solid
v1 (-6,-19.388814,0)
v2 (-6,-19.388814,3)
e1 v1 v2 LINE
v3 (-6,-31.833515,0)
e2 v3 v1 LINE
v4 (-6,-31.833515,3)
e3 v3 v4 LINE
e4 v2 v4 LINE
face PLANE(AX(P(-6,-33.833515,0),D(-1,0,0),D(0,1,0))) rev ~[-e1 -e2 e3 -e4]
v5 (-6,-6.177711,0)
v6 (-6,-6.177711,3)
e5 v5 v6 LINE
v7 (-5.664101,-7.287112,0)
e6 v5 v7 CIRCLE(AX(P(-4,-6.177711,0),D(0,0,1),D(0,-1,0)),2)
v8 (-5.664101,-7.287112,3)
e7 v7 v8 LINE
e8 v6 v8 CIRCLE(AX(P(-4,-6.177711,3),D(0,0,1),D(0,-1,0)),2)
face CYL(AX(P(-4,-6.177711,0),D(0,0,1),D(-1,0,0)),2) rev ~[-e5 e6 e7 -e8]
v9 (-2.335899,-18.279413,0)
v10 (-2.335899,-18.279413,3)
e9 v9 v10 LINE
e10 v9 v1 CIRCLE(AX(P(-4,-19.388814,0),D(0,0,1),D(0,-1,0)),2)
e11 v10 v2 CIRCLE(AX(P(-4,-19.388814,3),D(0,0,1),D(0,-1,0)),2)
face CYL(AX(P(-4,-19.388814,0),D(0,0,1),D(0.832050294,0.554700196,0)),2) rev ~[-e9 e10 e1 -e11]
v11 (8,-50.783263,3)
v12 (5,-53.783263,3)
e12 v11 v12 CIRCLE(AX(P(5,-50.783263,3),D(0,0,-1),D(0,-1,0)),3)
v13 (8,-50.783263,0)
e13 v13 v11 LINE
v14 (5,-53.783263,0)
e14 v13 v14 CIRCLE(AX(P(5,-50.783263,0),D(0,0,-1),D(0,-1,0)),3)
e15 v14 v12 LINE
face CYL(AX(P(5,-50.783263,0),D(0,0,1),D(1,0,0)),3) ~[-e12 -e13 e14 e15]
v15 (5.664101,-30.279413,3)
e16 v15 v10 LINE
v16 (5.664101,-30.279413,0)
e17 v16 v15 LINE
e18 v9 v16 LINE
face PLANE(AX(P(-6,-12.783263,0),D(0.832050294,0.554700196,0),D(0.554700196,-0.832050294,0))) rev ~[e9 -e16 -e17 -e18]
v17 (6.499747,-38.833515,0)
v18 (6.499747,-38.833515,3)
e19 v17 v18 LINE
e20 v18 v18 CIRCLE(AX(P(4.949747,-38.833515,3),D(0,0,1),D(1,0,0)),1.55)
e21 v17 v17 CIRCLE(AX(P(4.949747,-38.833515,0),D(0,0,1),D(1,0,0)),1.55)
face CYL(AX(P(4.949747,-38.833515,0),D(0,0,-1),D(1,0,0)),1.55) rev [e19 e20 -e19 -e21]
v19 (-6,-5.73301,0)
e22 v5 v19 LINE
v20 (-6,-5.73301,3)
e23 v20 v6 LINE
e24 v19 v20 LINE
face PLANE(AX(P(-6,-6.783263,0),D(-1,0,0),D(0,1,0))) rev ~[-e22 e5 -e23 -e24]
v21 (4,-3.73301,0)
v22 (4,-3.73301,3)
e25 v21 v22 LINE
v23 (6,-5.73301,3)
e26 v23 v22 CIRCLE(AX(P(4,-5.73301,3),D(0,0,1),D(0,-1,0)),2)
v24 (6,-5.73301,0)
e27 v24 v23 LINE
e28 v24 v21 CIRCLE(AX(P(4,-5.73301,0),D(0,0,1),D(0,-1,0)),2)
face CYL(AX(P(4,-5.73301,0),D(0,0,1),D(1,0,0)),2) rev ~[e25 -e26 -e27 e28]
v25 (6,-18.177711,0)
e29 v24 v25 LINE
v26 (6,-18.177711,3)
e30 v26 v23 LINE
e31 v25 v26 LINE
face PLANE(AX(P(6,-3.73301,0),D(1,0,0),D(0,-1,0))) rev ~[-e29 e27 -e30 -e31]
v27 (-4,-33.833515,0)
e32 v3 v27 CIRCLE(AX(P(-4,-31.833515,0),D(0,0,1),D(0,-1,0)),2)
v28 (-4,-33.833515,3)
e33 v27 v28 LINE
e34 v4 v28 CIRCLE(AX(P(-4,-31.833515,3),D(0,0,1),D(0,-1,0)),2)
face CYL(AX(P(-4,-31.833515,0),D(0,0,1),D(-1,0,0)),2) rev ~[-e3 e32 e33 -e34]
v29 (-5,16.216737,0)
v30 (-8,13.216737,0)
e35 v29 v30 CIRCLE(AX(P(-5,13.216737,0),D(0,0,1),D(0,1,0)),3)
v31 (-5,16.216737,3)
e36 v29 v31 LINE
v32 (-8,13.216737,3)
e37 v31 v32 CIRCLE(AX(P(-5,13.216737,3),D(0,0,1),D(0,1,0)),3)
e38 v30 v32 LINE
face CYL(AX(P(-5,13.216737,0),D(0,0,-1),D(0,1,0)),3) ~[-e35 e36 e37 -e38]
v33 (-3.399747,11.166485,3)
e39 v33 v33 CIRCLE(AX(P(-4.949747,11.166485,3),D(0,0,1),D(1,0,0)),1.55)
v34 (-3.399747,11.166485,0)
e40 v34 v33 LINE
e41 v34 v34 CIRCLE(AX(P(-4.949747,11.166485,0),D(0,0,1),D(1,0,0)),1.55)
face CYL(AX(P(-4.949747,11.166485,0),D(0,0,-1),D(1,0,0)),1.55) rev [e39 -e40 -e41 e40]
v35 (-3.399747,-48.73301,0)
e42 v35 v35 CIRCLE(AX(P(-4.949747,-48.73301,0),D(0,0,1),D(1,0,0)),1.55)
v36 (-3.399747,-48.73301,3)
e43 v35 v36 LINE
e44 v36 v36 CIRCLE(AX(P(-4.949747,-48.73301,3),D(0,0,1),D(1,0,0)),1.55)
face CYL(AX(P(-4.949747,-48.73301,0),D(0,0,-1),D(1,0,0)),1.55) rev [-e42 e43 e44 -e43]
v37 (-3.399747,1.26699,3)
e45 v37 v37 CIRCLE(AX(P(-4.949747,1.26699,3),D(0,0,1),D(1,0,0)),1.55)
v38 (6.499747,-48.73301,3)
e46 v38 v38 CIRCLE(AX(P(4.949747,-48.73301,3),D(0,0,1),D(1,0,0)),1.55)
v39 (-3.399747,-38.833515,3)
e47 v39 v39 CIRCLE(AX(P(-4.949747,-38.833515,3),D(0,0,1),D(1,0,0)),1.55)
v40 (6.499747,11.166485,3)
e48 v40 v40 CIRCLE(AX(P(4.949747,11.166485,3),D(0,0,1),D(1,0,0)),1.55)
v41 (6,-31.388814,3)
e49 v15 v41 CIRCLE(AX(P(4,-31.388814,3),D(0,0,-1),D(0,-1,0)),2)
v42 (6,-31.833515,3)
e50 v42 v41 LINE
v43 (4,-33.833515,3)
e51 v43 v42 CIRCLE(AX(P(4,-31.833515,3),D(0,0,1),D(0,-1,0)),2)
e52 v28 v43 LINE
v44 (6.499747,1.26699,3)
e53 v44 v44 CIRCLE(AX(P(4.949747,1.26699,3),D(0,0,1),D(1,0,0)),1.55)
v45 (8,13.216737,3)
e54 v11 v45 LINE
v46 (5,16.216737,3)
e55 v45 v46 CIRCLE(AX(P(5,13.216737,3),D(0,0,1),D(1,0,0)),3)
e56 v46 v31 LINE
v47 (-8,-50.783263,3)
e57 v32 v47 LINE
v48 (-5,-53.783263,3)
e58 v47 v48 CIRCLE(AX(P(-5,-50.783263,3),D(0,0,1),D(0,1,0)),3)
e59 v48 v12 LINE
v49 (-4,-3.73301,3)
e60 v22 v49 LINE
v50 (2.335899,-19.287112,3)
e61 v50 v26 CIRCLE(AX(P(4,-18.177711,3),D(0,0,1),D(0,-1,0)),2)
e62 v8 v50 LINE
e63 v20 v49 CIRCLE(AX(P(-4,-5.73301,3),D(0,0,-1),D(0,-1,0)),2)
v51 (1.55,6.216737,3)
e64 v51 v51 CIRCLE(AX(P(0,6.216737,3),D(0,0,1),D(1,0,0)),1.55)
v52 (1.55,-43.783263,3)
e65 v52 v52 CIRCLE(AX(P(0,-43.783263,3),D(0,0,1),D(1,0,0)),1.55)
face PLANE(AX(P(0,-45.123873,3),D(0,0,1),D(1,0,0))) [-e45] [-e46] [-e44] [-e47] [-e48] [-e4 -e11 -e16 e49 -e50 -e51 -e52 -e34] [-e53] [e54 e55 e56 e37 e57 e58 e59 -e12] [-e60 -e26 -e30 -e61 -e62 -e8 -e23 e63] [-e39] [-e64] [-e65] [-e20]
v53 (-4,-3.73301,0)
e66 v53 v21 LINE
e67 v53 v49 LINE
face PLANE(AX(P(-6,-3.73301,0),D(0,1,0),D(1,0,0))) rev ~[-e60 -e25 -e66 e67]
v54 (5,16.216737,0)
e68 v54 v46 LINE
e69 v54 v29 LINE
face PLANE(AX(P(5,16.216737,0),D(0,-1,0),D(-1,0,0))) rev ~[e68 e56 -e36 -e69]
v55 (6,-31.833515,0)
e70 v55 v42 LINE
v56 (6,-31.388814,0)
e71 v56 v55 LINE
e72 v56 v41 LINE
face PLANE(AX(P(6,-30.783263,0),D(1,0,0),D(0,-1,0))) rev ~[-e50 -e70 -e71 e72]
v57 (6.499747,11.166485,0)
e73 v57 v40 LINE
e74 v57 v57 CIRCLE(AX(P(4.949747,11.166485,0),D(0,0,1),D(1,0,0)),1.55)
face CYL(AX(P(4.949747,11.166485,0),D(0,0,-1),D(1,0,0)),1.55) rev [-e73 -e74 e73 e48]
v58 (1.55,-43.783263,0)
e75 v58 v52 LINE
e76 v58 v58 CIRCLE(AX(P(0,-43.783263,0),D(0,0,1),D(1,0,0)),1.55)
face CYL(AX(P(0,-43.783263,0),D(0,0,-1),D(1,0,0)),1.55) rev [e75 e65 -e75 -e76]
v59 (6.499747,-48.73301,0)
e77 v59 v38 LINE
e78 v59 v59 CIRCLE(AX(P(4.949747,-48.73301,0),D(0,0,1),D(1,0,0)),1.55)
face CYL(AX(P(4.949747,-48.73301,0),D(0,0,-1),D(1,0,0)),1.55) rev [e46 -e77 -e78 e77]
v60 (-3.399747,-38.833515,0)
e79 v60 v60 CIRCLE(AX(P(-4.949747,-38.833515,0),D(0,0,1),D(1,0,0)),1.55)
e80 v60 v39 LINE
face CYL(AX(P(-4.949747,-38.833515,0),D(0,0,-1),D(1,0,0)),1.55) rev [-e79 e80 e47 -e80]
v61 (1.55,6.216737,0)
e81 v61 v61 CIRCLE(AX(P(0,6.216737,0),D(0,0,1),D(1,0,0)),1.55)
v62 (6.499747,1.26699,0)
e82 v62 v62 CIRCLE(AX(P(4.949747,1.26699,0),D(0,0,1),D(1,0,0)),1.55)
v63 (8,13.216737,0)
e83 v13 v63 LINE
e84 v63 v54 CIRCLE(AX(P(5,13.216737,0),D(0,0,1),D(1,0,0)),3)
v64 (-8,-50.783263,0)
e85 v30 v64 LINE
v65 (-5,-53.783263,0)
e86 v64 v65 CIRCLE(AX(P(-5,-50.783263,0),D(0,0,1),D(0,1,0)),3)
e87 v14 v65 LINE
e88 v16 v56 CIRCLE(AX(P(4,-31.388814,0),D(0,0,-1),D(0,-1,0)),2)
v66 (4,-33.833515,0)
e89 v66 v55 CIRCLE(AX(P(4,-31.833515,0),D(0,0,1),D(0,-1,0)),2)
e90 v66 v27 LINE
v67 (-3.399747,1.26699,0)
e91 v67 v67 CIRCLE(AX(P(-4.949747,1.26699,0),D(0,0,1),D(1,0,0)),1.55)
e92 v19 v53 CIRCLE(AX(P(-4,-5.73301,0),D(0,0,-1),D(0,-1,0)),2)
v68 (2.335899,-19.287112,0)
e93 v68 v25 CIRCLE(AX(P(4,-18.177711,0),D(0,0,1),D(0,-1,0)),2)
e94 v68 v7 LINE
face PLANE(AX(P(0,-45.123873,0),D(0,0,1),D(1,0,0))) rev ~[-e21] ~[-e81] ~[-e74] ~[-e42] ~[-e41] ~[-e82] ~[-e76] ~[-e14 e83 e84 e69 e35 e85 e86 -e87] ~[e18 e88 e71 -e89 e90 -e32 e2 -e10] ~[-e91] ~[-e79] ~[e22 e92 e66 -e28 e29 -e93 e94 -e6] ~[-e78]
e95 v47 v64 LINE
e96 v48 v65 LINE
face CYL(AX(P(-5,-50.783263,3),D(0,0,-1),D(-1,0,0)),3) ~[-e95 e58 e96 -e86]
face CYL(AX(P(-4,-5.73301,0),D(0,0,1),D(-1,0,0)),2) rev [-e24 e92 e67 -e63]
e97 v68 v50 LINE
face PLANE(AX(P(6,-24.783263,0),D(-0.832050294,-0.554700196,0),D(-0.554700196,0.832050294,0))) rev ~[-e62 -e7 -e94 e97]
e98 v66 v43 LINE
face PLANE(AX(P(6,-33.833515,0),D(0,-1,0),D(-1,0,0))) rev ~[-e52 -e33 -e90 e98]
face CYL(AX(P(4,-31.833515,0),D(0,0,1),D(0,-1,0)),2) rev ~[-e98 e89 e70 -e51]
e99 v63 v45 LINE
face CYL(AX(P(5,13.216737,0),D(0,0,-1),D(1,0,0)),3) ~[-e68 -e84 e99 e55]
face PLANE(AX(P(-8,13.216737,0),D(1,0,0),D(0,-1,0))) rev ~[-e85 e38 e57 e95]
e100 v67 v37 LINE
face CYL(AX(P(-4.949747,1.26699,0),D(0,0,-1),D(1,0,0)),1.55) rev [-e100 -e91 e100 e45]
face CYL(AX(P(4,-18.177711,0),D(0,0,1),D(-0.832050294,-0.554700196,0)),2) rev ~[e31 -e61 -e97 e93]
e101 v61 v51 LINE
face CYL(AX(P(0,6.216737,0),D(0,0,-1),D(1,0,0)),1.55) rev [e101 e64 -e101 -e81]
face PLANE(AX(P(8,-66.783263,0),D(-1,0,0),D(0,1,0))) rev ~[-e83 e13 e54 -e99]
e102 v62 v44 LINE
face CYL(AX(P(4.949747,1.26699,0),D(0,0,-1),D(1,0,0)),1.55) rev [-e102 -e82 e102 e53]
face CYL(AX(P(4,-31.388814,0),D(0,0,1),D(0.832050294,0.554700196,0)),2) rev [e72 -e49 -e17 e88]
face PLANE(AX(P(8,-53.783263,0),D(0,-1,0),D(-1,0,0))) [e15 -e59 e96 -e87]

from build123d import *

# Parameters (mm, degrees)
SKETCH_1_R          = 1.55
EXTRUDE_1_DEPTH     = 3
SKETCH_2_W          = 30.67898901
SKETCH_2_H          = 20.291672983
CUT_EXTRUDE_1_DEPTH = 10
SKETCH_3_R          = 1
CUT_EXTRUDE_2_DEPTH = 20
SKETCH_4_W          = 23.960943262
SKETCH_4_H          = 52.328724607
CUT_EXTRUDE_3_DEPTH = 10
FILLET_1_R          = 3
CUT_EXTRUDE_4_DEPTH = 55.457683839
FILLET_2_R          = 2


with BuildPart() as part:
    # 草图1 → 凸台-拉伸1 (new body)
    with BuildSketch(Plane.XY):
        with BuildLine():
            Line((5, 16.216737463), (-5, 16.216737463))
            ThreePointArc((-5, 16.216737463), (-7.121320344, 15.338057806), (-8, 13.216737463))
            Line((-8, 13.216737463), (-8, -66.783262537))
            Line((-8, -66.783262537), (-4, -108.783262537))
            Line((-4, -108.783262537), (4, -108.783262537))
            Line((4, -108.783262537), (8, -66.783262537))
            Line((8, -66.783262537), (8, 13.216737463))
            ThreePointArc((8, 13.216737463), (7.121320344, 15.338057806), (5, 16.216737463))
        make_face()
        with Locations((-4.949747468, 11.166484931)):
            Circle(SKETCH_1_R, mode=Mode.SUBTRACT)
        with Locations((4.949747468, 11.166484931)):
            Circle(SKETCH_1_R, mode=Mode.SUBTRACT)
        with Locations((4.949747468, 1.266989995)):
            Circle(SKETCH_1_R, mode=Mode.SUBTRACT)
        with Locations((-4.949747468, 1.266989995)):
            Circle(SKETCH_1_R, mode=Mode.SUBTRACT)
        with Locations((0, -43.783262537)):
            Circle(SKETCH_1_R, mode=Mode.SUBTRACT)
        with Locations((4.949747468, -38.833515069)):
            Circle(SKETCH_1_R, mode=Mode.SUBTRACT)
        with Locations((-4.949747468, -38.833515069)):
            Circle(SKETCH_1_R, mode=Mode.SUBTRACT)
        with Locations((4.949747468, -48.733010005)):
            Circle(SKETCH_1_R, mode=Mode.SUBTRACT)
        with Locations((-4.949747468, -48.733010005)):
            Circle(SKETCH_1_R, mode=Mode.SUBTRACT)
        with Locations((0, 6.216737463)):
            Circle(SKETCH_1_R, mode=Mode.SUBTRACT)
    extrude(amount=EXTRUDE_1_DEPTH)

    # 草图2 → 切除-拉伸1 (cut)
    with BuildSketch(Plane(origin=(0, 0, 0), x_dir=(-1, 0, 0), z_dir=(0, 0, -1))):
        with Locations((1.230440634, -108.929099029)):
            Rectangle(SKETCH_2_W, SKETCH_2_H)
    extrude(amount=-CUT_EXTRUDE_1_DEPTH, mode=Mode.SUBTRACT)

    # 草图3 → 切除-拉伸2 (cut)
    with BuildSketch(Plane(origin=(0, 0, 0), x_dir=(-1, 0, 0), z_dir=(0, 0, -1))):
        with Locations((0, -83.783262537)):
            Circle(SKETCH_3_R)
        with Locations((0, -90.783262537)):
            Circle(SKETCH_3_R)
        with Locations((0, -73.783262537)):
            Circle(SKETCH_3_R)
    extrude(amount=-CUT_EXTRUDE_2_DEPTH, mode=Mode.SUBTRACT)

    # 草图4 → 切除-拉伸3 (cut)
    with BuildSketch(Plane(origin=(0, 0, 0), x_dir=(-1, 0, 0), z_dir=(0, 0, -1))):
        with Locations((3.980471631, -79.947624841)):
            Rectangle(SKETCH_4_W, SKETCH_4_H)
    extrude(amount=-CUT_EXTRUDE_3_DEPTH, mode=Mode.SUBTRACT)

    # 圆角1
    fillet_1_edges = [part.edges().sort_by_distance(p)[0] for p in [
        (8, -53.783262537, 1.5),
        (-8, -53.783262537, 1.5),
    ]]
    fillet(fillet_1_edges, radius=FILLET_1_R)

    # 草图5 → 切除-拉伸4 (cut, through all)
    with BuildSketch(Plane(origin=(0, 0, 0), x_dir=(-1, 0, 0), z_dir=(0, 0, -1))):
        Polygon((2, -18.783262537), (-6, -30.783262537), (-6, -33.833515069), (6, -33.833515069), (6, -18.783262537), align=None)
        Polygon((6, -3.733010005), (-6, -3.733010005), (-6, -18.783262537), (-2, -18.783262537), (6, -6.783262537), align=None)
        Polygon((-2, -18.783262537), (-6, -18.783262537), (-6, -24.783262537), align=None)
        Polygon((6, -18.783262537), (6, -12.783262537), (2, -18.783262537), align=None)
    extrude(amount=-CUT_EXTRUDE_4_DEPTH, mode=Mode.SUBTRACT)

    # 圆角2
    fillet_2_edges = [part.edges().sort_by_distance(p)[0] for p in [
        (-6, -12.783262537, 1.5),
        (-6, -33.833515069, 1.5),
        (6, -33.833515069, 1.5),
        (6, -30.783262537, 1.5),
        (6, -24.783262537, 1.5),
        (6, -3.733010005, 1.5),
        (-6, -3.733010005, 1.5),
        (-6, -6.783262537, 1.5),
    ]]
    fillet(fillet_2_edges, radius=FILLET_2_R)


solid = part.part
